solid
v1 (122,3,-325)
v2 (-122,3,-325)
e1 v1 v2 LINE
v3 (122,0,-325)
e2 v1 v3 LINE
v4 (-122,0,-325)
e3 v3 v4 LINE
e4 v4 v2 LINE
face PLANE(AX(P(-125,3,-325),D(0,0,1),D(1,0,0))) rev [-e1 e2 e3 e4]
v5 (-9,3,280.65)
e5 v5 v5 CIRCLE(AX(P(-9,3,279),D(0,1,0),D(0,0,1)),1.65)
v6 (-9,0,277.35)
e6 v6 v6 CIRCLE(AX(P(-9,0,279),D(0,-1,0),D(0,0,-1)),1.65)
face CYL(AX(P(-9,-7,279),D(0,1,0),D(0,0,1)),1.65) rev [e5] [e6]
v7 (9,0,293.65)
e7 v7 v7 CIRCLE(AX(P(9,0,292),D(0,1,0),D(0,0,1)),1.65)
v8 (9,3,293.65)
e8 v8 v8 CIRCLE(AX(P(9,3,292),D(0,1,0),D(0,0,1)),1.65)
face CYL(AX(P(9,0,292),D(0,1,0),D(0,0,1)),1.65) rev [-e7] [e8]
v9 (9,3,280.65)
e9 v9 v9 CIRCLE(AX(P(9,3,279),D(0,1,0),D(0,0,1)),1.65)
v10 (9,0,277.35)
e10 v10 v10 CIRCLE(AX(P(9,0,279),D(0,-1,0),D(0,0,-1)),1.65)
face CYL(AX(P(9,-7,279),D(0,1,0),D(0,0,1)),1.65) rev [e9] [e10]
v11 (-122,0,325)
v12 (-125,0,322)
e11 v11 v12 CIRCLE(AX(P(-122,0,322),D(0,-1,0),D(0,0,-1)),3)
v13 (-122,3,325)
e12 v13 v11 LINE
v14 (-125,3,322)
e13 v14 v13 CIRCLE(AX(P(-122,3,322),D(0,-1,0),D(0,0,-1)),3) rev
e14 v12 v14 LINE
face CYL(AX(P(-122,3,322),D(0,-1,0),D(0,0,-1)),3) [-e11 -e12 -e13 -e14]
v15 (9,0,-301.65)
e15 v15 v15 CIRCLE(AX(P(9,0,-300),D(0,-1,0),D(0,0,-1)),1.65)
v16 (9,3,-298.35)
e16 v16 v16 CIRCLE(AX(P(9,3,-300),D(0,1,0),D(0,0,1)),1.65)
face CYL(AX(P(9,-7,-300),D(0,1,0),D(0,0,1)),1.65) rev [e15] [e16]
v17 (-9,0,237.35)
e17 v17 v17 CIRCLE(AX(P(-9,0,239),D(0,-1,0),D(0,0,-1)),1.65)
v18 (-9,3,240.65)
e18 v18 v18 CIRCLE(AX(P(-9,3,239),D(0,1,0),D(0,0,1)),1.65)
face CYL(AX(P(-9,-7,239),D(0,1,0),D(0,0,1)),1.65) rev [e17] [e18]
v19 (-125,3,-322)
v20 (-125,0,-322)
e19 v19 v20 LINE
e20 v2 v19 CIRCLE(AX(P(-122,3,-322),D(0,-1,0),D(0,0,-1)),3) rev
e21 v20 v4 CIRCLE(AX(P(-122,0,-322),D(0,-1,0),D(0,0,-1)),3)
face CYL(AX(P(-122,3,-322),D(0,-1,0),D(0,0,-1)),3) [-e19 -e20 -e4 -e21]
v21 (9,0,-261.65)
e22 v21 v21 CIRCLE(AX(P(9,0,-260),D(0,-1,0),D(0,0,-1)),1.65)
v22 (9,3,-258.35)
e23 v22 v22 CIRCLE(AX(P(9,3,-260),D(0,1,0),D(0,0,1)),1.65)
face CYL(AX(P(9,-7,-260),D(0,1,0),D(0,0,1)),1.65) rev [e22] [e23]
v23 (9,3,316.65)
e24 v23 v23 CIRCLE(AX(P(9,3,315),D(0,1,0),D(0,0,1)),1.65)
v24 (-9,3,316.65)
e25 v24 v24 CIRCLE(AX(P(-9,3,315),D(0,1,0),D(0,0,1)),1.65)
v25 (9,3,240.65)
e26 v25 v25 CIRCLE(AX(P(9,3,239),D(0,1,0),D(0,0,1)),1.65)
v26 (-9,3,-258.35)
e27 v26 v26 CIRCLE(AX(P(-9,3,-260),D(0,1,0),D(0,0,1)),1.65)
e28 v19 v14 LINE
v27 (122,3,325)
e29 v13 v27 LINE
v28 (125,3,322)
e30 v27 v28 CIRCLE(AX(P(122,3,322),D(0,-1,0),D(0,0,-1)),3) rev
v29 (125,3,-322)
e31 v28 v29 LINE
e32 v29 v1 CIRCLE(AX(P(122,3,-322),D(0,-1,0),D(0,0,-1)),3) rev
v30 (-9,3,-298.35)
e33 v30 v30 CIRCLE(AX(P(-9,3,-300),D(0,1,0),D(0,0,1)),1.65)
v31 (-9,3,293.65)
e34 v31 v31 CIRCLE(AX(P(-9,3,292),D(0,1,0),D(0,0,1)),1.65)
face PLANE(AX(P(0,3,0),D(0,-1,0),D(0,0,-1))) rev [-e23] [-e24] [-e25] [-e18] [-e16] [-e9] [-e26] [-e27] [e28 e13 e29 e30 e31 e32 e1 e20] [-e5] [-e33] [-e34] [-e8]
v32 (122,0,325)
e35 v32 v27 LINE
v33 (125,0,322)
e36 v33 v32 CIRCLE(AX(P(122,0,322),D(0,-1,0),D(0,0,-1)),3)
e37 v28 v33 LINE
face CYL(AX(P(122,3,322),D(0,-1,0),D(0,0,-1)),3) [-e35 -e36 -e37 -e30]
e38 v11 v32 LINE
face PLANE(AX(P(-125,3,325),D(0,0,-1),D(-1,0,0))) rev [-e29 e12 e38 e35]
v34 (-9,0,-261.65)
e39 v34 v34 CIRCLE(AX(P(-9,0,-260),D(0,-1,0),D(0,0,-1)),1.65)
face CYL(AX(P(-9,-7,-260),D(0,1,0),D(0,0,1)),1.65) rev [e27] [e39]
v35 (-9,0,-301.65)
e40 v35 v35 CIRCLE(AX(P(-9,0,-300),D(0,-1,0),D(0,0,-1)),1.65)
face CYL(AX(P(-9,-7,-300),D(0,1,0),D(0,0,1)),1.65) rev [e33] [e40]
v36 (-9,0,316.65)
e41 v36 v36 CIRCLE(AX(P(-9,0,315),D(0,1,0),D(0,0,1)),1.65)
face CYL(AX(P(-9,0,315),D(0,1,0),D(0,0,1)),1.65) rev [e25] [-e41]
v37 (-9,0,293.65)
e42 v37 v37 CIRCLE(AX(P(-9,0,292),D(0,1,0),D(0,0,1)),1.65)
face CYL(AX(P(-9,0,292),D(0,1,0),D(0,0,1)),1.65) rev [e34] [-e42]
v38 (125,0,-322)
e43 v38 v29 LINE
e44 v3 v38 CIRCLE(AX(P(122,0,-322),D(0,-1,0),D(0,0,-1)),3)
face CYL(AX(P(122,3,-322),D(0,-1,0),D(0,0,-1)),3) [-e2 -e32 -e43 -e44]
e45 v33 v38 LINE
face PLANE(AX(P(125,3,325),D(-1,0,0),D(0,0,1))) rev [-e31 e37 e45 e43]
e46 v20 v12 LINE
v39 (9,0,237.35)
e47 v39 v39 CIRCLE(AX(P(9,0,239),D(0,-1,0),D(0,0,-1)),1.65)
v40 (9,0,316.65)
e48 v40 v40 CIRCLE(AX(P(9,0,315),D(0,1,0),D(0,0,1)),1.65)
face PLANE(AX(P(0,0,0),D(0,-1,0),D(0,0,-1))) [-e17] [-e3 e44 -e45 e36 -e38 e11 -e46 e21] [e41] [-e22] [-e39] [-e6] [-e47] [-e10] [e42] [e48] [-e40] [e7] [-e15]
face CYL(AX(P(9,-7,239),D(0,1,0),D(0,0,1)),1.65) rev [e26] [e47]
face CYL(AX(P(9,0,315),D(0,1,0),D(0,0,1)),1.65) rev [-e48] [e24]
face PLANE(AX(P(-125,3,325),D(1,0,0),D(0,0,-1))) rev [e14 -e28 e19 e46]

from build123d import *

# Parameters (mm, degrees)
SKETCH_1_W          = 250
SKETCH_1_H          = 650
EXTRUDE_1_DEPTH     = 3
SKETCH_3_R          = 1.65
CUT_EXTRUDE_2_DEPTH = 10
SKETCH_4_R          = 1.65
CUT_EXTRUDE_3_DEPTH = 3
FILLET_1_R          = 3


with BuildPart() as part:
    # 草图1 → 凸台-拉伸1 (new body)
    with BuildSketch(Plane(origin=(0, 0, 0), x_dir=(1, 0, 0), z_dir=(0, 1, 0))):
        Rectangle(SKETCH_1_W, SKETCH_1_H)
    extrude(amount=EXTRUDE_1_DEPTH)

    # 草图3 → 切除-拉伸2 (cut)
    with BuildSketch(Plane(origin=(0, 3, 0), x_dir=(1, 0, 0), z_dir=(0, 1, 0))):
        with Locations(Location((9, -279, 0), (0, 0, 270))):
            Circle(SKETCH_3_R)
        with Locations(Location((-9, -279, 0), (0, 0, 270))):
            Circle(SKETCH_3_R)
        with Locations(Location((9, -239, 0), (0, 0, 270))):
            Circle(SKETCH_3_R)
        with Locations(Location((-9, -239, 0), (0, 0, 270))):
            Circle(SKETCH_3_R)
        with Locations(Location((9, 300, 0), (0, 0, 270))):
            Circle(SKETCH_3_R)
        with Locations(Location((-9, 300, 0), (0, 0, 270))):
            Circle(SKETCH_3_R)
        with Locations(Location((9, 260, 0), (0, 0, 270))):
            Circle(SKETCH_3_R)
        with Locations(Location((-9, 260, 0), (0, 0, 270))):
            Circle(SKETCH_3_R)
    extrude(amount=-CUT_EXTRUDE_2_DEPTH, mode=Mode.SUBTRACT)

    # 草图4 → 切除-拉伸3 (cut)
    with BuildSketch(Plane(origin=(0, 3, 0), x_dir=(1, 0, 0), z_dir=(0, 1, 0))):
        with Locations(Location((9, -292, 0), (0, 0, 270))):
            Circle(SKETCH_4_R)
        with Locations(Location((-9, -292, 0), (0, 0, 270))):
            Circle(SKETCH_4_R)
        with Locations(Location((-9, -315, 0), (0, 0, 270))):
            Circle(SKETCH_4_R)
        with Locations(Location((9, -315, 0), (0, 0, 270))):
            Circle(SKETCH_4_R)
    extrude(amount=-CUT_EXTRUDE_3_DEPTH, mode=Mode.SUBTRACT)

    # 圆角1
    fillet_1_edges = [part.edges().sort_by_distance(p)[0] for p in [
        (125, 1.5, 325),
        (-125, 1.5, 325),
        (-125, 1.5, -325),
        (125, 1.5, -325),
    ]]
    fillet(fillet_1_edges, radius=FILLET_1_R)


solid = part.part
